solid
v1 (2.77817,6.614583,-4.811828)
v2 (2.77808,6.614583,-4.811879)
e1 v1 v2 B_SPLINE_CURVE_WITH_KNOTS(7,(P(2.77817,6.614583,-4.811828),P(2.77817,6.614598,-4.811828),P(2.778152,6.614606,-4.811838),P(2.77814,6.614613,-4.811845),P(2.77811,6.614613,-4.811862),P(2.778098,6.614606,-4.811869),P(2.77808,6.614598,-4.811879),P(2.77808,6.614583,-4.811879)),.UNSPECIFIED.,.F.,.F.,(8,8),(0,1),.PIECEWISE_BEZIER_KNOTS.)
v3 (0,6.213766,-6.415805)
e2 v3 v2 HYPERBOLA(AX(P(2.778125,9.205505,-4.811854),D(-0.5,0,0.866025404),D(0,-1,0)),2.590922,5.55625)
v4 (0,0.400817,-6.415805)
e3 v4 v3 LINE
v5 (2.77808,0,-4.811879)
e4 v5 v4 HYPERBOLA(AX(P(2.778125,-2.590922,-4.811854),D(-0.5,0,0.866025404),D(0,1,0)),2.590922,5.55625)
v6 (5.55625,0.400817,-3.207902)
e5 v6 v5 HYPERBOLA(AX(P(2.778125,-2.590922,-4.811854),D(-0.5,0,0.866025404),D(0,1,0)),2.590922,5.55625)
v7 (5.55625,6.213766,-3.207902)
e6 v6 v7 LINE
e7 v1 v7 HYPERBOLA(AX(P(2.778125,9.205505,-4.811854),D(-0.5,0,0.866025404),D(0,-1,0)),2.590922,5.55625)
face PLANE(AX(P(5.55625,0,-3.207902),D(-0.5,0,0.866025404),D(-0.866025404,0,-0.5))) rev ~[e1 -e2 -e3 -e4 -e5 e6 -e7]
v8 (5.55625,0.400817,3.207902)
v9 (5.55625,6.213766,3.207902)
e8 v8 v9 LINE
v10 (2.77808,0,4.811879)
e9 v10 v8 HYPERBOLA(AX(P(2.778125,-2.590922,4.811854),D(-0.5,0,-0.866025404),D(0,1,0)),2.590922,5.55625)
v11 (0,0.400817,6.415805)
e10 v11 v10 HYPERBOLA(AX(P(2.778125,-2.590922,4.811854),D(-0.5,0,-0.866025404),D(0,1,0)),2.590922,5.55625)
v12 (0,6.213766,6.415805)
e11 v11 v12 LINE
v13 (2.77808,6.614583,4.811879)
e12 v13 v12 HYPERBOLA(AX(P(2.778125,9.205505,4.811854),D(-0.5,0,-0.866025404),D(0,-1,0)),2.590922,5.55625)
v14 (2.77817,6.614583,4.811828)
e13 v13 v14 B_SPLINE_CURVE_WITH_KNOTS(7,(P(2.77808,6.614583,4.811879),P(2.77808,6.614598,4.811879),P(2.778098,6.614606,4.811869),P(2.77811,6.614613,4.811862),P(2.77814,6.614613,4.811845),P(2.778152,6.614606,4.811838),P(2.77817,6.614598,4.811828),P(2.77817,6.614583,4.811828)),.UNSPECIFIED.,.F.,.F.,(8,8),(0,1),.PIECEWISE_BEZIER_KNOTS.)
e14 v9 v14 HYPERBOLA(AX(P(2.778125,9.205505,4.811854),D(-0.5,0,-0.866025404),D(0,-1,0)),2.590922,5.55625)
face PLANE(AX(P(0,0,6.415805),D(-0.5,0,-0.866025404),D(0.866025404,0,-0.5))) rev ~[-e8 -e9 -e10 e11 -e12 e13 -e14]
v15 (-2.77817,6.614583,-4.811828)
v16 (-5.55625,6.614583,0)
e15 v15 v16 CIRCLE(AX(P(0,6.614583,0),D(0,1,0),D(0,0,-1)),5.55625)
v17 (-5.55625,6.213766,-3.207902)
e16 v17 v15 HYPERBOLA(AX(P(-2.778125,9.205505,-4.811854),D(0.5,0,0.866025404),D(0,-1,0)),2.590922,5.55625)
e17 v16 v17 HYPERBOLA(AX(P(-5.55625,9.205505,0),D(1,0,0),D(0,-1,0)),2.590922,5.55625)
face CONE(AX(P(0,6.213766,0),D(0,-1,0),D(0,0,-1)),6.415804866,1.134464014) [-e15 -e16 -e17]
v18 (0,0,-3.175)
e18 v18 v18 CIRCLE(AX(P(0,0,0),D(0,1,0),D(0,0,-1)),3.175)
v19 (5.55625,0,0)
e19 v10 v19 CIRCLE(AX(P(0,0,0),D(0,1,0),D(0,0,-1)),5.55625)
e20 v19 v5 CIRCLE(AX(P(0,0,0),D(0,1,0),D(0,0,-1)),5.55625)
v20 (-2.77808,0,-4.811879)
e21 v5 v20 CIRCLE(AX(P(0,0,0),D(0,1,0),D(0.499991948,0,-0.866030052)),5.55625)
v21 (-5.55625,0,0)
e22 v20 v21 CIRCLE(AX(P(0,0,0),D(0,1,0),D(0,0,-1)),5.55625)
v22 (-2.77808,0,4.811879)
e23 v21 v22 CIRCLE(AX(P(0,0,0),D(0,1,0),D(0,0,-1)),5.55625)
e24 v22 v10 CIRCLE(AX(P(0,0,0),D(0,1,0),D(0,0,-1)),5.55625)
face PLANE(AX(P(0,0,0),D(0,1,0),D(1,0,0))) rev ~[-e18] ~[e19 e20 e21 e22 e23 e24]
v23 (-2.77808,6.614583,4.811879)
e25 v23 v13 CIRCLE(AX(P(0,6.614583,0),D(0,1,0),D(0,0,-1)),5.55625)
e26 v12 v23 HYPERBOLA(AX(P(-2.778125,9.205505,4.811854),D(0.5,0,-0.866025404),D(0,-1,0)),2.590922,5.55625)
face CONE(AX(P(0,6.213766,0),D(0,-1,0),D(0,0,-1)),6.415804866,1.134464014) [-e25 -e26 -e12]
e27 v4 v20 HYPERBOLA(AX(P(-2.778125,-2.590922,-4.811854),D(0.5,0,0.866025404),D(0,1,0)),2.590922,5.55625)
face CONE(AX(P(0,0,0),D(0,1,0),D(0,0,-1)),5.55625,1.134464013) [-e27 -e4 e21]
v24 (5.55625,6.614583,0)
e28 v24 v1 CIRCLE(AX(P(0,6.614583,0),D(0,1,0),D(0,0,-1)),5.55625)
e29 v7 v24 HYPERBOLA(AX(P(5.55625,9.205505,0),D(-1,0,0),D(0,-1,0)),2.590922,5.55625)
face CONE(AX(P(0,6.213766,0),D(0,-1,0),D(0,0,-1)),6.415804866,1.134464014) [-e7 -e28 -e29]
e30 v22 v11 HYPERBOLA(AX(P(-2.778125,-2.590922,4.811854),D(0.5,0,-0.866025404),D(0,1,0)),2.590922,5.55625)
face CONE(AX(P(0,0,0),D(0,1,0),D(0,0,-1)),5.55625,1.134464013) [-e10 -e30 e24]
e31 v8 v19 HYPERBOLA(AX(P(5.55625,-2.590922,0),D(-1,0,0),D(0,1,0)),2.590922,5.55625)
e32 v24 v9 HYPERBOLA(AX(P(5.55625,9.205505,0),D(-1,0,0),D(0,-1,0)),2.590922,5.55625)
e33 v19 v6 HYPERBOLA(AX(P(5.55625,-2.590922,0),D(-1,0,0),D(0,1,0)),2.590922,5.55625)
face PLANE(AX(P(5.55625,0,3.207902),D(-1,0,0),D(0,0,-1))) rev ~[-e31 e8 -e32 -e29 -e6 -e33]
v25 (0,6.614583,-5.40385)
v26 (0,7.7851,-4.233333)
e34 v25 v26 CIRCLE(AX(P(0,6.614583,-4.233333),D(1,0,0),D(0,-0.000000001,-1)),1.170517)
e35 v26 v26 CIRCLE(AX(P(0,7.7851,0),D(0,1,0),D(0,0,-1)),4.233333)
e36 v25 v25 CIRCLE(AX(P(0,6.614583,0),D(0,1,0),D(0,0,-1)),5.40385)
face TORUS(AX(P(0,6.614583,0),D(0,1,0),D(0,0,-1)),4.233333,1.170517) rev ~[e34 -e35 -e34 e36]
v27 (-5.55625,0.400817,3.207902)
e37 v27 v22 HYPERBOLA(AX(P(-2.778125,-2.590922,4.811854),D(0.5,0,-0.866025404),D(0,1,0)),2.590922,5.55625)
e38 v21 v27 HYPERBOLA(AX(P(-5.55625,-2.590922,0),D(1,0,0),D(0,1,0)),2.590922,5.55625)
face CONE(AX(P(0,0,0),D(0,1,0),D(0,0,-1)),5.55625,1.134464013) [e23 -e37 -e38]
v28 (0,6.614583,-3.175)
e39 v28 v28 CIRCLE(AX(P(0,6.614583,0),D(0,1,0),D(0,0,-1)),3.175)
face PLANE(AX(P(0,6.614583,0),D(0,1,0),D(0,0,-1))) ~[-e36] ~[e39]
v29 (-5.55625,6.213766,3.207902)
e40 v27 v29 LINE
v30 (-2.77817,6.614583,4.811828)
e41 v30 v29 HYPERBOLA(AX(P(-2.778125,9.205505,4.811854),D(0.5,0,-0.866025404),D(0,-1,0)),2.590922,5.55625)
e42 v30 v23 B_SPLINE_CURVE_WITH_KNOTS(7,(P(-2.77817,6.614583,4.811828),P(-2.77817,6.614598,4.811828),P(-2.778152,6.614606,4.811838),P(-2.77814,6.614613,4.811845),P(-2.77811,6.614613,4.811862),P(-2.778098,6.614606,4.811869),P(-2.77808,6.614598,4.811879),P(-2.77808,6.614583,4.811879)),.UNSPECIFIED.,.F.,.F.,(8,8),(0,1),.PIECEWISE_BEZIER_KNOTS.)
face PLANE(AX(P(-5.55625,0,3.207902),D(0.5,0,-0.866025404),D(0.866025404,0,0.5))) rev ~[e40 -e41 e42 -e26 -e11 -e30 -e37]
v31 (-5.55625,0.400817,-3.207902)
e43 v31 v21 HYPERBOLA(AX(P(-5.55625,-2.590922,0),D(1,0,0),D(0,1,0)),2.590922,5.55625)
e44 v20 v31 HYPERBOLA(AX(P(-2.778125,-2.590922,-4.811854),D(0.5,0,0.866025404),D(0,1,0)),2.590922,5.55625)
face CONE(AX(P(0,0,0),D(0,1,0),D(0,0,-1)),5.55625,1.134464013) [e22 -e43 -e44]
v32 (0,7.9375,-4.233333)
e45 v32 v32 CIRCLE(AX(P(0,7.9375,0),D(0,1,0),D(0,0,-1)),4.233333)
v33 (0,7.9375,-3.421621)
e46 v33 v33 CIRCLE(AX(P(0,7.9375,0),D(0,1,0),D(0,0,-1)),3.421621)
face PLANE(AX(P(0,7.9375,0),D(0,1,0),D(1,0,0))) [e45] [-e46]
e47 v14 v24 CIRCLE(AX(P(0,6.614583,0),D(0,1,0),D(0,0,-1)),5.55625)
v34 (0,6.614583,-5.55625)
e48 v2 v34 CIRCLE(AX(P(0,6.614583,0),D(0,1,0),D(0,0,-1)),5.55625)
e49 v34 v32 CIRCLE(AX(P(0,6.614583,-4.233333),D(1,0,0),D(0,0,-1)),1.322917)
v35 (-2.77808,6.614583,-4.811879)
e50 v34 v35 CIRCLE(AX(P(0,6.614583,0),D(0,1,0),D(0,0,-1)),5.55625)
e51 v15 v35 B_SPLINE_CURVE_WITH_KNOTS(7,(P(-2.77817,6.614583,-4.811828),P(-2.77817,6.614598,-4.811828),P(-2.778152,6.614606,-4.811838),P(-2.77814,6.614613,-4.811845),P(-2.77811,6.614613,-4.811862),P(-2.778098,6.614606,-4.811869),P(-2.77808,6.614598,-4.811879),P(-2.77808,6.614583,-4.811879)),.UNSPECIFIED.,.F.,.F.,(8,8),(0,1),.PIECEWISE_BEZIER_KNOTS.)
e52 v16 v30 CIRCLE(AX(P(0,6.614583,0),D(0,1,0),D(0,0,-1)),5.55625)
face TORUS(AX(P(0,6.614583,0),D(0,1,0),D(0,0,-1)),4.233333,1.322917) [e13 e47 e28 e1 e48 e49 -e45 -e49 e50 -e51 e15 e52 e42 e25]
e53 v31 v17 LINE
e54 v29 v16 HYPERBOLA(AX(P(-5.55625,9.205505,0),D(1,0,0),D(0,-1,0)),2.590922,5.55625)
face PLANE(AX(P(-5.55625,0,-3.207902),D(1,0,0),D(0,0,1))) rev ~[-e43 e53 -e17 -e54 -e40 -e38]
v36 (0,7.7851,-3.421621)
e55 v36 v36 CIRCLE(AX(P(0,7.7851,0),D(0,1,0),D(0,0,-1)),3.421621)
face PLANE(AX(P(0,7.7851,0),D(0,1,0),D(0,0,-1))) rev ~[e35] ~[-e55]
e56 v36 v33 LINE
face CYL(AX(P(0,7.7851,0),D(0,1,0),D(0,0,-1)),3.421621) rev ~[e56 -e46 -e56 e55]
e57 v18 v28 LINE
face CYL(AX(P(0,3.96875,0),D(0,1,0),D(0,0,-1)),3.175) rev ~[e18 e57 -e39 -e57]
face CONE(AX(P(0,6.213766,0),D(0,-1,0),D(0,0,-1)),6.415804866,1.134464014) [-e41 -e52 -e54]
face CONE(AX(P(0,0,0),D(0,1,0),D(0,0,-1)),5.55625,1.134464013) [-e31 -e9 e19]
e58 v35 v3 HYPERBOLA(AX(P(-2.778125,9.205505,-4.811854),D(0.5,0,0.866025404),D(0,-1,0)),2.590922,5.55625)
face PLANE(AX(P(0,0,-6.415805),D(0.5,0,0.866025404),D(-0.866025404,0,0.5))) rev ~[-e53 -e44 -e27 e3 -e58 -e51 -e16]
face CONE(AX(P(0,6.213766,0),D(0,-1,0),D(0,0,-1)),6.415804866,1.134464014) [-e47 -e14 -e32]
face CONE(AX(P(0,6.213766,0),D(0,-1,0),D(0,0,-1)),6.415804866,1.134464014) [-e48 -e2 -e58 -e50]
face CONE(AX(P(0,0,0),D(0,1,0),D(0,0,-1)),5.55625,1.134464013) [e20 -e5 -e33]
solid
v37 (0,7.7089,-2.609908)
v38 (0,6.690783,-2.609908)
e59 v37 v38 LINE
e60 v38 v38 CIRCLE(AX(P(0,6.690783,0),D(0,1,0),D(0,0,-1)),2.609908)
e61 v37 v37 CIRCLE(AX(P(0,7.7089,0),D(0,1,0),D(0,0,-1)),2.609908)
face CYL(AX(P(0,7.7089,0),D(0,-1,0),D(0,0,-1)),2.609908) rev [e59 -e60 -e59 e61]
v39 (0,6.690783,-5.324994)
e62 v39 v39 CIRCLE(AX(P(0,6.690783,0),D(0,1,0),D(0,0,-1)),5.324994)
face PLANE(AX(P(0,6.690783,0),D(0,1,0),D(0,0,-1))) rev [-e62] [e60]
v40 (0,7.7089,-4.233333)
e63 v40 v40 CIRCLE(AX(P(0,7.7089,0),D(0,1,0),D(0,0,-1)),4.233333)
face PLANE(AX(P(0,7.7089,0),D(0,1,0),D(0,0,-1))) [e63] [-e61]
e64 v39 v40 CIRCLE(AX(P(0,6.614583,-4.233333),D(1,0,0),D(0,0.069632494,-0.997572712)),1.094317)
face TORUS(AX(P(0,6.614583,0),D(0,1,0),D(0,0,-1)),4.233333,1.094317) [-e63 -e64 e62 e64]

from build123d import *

# Parameters (mm, degrees)
EXTRUDE1_DEPTH = 7.9375
SKETCH2_W      = 3.175
SKETCH2_H      = 7.9375


with BuildPart() as part:
    # Sketch1 → Extrude1 (new body)
    with BuildSketch(Plane(origin=(0, 0, 0), x_dir=(1, 0, 0), z_dir=(0, 1, 0))):
        Polygon((0, 6.415804866), (-5.55625, 3.207902433), (-5.55625, -3.207902433), (0, -6.415804866), (5.55625, -3.207902433), (5.55625, 3.207902433), align=None)
    extrude(amount=EXTRUDE1_DEPTH)

    # Sketch4 → Cut-Revolve2 (revolve, cut)
    with BuildSketch(Plane(origin=(0, 0, 0), x_dir=(0, 0, -1), z_dir=(1, 0, 0))):
        Polygon((0, 7.9375), (3.175, 7.9375), (2.609908356, 7.673993439), (2.609908356, 0.263506561), (3.175, 0), (0, 0), align=None)
    revolve(axis=Axis((0, 7.9375, 0), (0, 1, 0)), mode=Mode.SUBTRACT)


with BuildPart() as body_2:
    # Sketch2 → Revolve1 (revolve)
    with BuildSketch(Plane(origin=(0, 0, 0), x_dir=(0, 0, -1), z_dir=(1, 0, 0))):
        with Locations((1.5875, 3.96875)):
            Rectangle(SKETCH2_W, SKETCH2_H)
    revolve(axis=Axis((0, -3.175, 0), (0, 1, 0)))


with BuildPart() as part_1:
    add(part.part)

    # Combine1: cut body 2
    add(body_2.part, mode=Mode.SUBTRACT)

    # Sketch5 → Cut-Revolve3 (revolve, cut)
    with BuildSketch(Plane(origin=(0, 0, 0), x_dir=(0, 0, -1), z_dir=(1, 0, 0))):
        with BuildLine():
            Line((0, 0), (5.55625, 0))
            Line((5.55625, 0), (6.415804866, 0.400817017))
            Line((6.415804866, 0.400817017), (6.415804866, 6.213766317))
            Line((6.415804866, 6.213766317), (5.55625, 6.614583333))
            ThreePointArc((5.55625, 6.614583333), (5.168776679, 7.550026679), (4.233333333, 7.9375))
            Line((4.233333333, 7.9375), (4.233333333, 9.2075))
            Line((4.233333333, 9.2075), (7.685804866, 9.2075))
            Line((7.685804866, 9.2075), (7.685804866, -1.27))
            Line((7.685804866, -1.27), (0, -1.27))
            Line((0, -1.27), (0, 0))
        make_face()
    revolve(axis=Axis((0, 0, 0), (0, 1, 0)), mode=Mode.SUBTRACT)

    # Sketch6 → Cut-Revolve4 (revolve, cut)
    with BuildSketch(Plane(origin=(0, 0, 0), x_dir=(0, 0, -1), z_dir=(1, 0, 0))):
        with BuildLine():
            Line((0, 6.614583333), (5.40385, 6.614583333))
            ThreePointArc((5.40385, 6.614583333), (5.061013606, 7.442263606), (4.233333333, 7.7851))
            Line((4.233333333, 7.7851), (3.421620845, 7.7851))
            Line((3.421620845, 7.7851), (3.421620845, 9.2075))
            Line((3.421620845, 9.2075), (0, 9.2075))
            Line((0, 9.2075), (0, 6.614583333))
        make_face()
    revolve(axis=Axis((0, 9.2075, 0), (0, 1, 0)), mode=Mode.SUBTRACT)


with BuildPart() as body_2_2:
    # Sketch7 → Revolve2 (revolve)
    with BuildSketch(Plane(origin=(0, 0, 0), x_dir=(0, 0, -1), z_dir=(1, 0, 0))):
        with BuildLine():
            Line((2.609908356, 6.690783333), (5.324993778, 6.690783333))
            ThreePointArc((5.324993778, 6.690783333), (4.979705237, 7.4148695), (4.233333333, 7.7089))
            Line((4.233333333, 7.7089), (2.609908356, 7.7089))
            Line((2.609908356, 7.7089), (2.609908356, 6.690783333))
        make_face()
    revolve(axis=Axis((0, 6.690783333, 0), (0, 1, 0)))


solid = Compound([part_1.part, body_2_2.part])
